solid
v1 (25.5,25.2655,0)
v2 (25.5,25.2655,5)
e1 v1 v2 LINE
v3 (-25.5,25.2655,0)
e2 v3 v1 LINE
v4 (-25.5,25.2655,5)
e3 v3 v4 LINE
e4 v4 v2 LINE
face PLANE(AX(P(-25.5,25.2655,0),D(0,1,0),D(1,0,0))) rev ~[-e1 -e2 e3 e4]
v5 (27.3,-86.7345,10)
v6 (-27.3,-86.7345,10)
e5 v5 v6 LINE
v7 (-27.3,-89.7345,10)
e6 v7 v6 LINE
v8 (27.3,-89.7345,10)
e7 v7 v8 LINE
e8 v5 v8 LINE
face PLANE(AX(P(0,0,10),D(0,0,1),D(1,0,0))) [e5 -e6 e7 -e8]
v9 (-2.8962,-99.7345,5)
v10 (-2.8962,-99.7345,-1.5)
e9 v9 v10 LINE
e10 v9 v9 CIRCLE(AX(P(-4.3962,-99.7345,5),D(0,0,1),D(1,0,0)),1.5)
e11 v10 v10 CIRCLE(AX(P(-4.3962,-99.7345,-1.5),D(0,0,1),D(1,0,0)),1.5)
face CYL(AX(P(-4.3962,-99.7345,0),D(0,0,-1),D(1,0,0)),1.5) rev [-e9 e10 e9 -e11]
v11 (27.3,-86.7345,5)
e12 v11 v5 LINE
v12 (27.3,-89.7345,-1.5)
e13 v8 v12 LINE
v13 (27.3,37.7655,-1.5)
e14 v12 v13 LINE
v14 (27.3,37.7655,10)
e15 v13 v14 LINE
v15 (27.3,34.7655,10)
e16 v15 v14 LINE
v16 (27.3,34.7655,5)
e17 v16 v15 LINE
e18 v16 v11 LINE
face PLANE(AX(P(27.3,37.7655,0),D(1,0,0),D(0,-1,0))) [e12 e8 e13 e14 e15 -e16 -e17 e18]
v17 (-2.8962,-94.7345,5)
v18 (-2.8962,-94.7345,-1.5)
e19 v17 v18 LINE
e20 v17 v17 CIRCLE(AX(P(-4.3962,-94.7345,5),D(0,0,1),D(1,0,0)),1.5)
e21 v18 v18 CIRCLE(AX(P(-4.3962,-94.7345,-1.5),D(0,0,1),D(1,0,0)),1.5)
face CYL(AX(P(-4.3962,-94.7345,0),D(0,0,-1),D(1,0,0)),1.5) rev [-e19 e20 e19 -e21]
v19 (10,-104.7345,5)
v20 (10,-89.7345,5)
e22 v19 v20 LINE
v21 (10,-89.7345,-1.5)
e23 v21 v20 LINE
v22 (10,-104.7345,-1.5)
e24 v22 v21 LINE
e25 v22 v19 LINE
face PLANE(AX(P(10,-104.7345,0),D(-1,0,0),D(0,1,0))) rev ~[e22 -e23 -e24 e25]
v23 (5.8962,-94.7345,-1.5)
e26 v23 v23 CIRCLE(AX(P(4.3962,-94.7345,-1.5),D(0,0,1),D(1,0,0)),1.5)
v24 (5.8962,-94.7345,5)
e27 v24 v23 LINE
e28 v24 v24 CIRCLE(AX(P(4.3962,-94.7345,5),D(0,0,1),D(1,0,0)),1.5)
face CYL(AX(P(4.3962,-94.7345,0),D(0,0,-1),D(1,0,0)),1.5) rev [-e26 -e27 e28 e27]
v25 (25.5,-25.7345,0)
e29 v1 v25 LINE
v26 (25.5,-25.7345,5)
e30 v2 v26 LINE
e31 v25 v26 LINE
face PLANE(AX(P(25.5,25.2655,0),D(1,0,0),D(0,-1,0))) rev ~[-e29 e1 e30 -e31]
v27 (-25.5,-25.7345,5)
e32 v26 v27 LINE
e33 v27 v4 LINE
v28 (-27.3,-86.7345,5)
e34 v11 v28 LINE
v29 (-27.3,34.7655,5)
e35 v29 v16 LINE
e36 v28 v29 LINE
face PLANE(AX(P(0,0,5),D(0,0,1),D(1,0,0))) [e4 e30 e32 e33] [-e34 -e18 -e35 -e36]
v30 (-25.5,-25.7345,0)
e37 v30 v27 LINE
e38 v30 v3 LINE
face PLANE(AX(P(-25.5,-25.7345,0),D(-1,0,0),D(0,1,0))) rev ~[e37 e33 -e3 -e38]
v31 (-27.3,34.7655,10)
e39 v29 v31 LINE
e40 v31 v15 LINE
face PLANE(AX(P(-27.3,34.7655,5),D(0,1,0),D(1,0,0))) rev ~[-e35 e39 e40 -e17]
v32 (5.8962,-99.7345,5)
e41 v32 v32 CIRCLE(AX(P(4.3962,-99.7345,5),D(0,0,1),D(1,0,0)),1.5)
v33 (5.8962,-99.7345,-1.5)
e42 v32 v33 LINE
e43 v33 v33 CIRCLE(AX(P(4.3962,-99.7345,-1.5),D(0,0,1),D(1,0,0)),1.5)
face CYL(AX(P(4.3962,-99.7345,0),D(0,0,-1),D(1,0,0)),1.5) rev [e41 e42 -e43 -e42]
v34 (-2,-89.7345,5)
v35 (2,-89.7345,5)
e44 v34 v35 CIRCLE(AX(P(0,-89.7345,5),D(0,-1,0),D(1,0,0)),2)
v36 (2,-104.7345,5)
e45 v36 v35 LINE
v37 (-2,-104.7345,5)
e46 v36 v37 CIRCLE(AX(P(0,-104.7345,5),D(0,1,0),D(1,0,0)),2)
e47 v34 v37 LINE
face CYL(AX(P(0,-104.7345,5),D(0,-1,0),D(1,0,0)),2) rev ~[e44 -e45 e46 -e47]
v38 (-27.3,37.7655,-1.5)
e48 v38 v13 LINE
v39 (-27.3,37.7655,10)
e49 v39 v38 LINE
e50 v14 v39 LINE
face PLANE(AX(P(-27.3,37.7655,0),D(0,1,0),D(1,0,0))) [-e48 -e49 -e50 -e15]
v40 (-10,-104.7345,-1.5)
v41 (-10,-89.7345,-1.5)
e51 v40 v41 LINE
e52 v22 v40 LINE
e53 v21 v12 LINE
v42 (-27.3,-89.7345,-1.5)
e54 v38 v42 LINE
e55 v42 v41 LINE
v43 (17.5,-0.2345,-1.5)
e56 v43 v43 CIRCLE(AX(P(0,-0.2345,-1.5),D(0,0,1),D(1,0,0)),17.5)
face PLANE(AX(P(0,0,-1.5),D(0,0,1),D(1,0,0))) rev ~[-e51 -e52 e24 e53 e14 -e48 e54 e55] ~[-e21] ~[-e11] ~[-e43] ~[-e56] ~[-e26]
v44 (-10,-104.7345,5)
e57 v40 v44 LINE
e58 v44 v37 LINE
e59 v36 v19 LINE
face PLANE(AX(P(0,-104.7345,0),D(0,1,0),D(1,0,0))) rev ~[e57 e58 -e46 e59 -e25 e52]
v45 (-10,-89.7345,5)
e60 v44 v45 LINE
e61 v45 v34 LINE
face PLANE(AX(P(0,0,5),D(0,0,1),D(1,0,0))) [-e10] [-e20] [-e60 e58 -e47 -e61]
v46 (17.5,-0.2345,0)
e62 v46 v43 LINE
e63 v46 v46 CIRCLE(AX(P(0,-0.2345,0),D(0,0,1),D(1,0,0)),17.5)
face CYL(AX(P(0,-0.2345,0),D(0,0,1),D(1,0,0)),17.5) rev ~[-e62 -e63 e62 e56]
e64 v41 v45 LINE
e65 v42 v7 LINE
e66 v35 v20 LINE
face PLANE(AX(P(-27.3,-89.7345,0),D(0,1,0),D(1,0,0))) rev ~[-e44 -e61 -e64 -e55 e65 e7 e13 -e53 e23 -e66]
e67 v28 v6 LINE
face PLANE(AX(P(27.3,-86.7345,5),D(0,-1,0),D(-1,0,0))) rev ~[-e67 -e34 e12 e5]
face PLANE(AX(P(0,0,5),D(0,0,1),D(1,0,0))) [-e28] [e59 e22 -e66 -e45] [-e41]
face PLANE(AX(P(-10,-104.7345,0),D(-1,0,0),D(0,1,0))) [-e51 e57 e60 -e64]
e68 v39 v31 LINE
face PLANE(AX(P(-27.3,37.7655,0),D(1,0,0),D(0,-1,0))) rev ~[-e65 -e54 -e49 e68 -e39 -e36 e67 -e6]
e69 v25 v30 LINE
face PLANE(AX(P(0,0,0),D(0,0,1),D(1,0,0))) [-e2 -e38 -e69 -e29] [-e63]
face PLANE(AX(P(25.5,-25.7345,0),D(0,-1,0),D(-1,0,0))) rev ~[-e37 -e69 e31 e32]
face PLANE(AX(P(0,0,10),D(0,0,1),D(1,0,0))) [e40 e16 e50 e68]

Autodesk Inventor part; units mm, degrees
ref_plane "YZ Plane" through (0, 0, 0) normal (1, 0, 0) x (0, 1, 0)
ref_plane "XZ Plane" through (0, 0, 0) normal (0, 1, 0) x (-1, 0, 0)
ref_plane "XY Plane" through (0, 0, 0) normal (0, 0, 1) x (1, 0, 0)
sketch "Shutter" plane through (0, 0, 0) normal (0, 0, 1) x (1, 0, 0)
  line L0 (-25.5, 25.2655) -> (25.5, 25.2655)
  line L1 (25.5, 25.2655) -> (25.5, -25.7345)
  line L2 (25.5, -25.7345) -> (-25.5, -25.7345)
  line L3 (-25.5, -25.7345) -> (-25.5, 25.2655)
  line L4 (0, -25.7345) -> (0, 25.2655) construction
  circle A0 centre (0, -0.2345) radius 11 construction
  circle A1 centre (0, -0.2345) radius 17.5
  circle A2 centre (0, -0.2345) radius 20
  line L5 (-27.3, 37.7655) -> (-27.3, -89.7345)
  circle A3 centre (-4.3962, -99.7345) radius 1.5
  circle A4 centre (-4.3962, -94.7345) radius 1.5
  circle A5 centre (4.3962, -94.7345) radius 1.5
  circle A6 centre (4.3962, -99.7345) radius 1.5
  line L6 (27.3, 37.7655) -> (27.3, -89.7345)
  line L7 (-49, 0) -> (42, 0) construction
  line L8 (-27.3, 37.7655) -> (27.3, 37.7655)
  line L9 (-10, -104.7345) -> (10, -104.7345)
  line L10 (27.3, 37.7655) -> (-27.3, 37.7655)
  line L11 (-27.3, -89.7345) -> (27.3, -89.7345)
  line L12 (-27.3, -86.7345) -> (27.3, -86.7345)
  line L13 (0, -104.7345) -> (-10, -104.7345)
  line L14 (-10, -104.7345) -> (-10, -89.7345)
  line L15 (0, -104.7345) -> (10, -104.7345)
  line L16 (10, -104.7345) -> (10, -89.7345)
  point P0 (0, 17.2655)
  point P1 (0, 10.7655)
  dimension "d0" = 22
  dimension "d1" = 35
  dimension "d2" = 40
  dimension "d12" = 3
  dimension "d13" = 3
  dimension "d14" = 5
  dimension "d16" = 25.5
  dimension "d17" = 51
  dimension "d18" = 51
  dimension "d33" = 142.5
  dimension "d34" = 5
  dimension "d37" = 3
  dimension "d40" = 10
  dimension "d41" = 10
extrude "Extrusion1" add sketch "Shutter" against normal blind 1.5 contours L0 L1 L2 L3 | A2 | L8 L6 L12 L5 | L12 L6 L11 L5 | L11 L16 L9 L14
extrude "Extrusion2" add sketch "Shutter" along normal blind 5 contours L8 L6 L12 L5 | L12 L6 L11 L5 | L11 L16 L9 L14
ref_plane "Work Plane2" through (0, -85.7345, -1.5) normal (-1, 0, 0) x (0, 0, 1)
sketch "Sketch4" plane through (0, 0, 5) normal (0, 0, 1) x (1, 0, 0)
  line L0 (-27.3, 37.7655) -> (-27.3, -85.7345)
  line L1 (-27.3, 37.7655) -> (-27.3, 34.7655)
  line L2 (-27.3, 34.7655) -> (27.3, 34.7655)
  line L3 (27.3, -85.7345) -> (27.3, 37.7655)
  line L4 (27.3, 37.7655) -> (-27.3, 37.7655)
  line L5 (27.3, 37.7655) -> (-27.3, 37.7655)
  line L6 (-27.3, 34.7655) -> (-27.3, 37.7655)
  line L7 (27.3, 34.7655) -> (27.3, 37.7655)
  line L8 (27.3, -104.7345) -> (-10, -104.7345) projected
  line L9 (-27.3, -89.7345) -> (-27.3, 37.7655) projected
  line L10 (-27.3, -89.7345) -> (27.3, -89.7345)
  line L11 (27.3, 37.7655) -> (27.3, -89.7345) projected
  line L12 (27.3, -86.7345) -> (-27.3, -86.7345)
  line L13 (-27.3, -89.7345) -> (-27.3, -86.7345)
  line L14 (27.3, -89.7345) -> (27.3, -86.7345)
  point P0 (0, 0)
  dimension "d29" = 3
  dimension "d38" = 15
  dimension "d39" = 3
extrude "Extrusion4" add sketch "Sketch4" along normal blind 5 contours L4 L3 L2 L0 | L12 L11 L10 L9
sketch "Sketch5" plane through (-10, -104.7345, -1.5) normal (0, -1, 0) x (1, 0, 0)
  line L0 (0, 6.5) -> (20, 6.5) projected
  circle A0 centre (10, 6.5) radius 2
  dimension "d42" = 4
extrude "Extrusion5" cut sketch "Sketch5" against normal up to surface (15 mm away)
properties part number "PMT_Adaptor_Shutter"
